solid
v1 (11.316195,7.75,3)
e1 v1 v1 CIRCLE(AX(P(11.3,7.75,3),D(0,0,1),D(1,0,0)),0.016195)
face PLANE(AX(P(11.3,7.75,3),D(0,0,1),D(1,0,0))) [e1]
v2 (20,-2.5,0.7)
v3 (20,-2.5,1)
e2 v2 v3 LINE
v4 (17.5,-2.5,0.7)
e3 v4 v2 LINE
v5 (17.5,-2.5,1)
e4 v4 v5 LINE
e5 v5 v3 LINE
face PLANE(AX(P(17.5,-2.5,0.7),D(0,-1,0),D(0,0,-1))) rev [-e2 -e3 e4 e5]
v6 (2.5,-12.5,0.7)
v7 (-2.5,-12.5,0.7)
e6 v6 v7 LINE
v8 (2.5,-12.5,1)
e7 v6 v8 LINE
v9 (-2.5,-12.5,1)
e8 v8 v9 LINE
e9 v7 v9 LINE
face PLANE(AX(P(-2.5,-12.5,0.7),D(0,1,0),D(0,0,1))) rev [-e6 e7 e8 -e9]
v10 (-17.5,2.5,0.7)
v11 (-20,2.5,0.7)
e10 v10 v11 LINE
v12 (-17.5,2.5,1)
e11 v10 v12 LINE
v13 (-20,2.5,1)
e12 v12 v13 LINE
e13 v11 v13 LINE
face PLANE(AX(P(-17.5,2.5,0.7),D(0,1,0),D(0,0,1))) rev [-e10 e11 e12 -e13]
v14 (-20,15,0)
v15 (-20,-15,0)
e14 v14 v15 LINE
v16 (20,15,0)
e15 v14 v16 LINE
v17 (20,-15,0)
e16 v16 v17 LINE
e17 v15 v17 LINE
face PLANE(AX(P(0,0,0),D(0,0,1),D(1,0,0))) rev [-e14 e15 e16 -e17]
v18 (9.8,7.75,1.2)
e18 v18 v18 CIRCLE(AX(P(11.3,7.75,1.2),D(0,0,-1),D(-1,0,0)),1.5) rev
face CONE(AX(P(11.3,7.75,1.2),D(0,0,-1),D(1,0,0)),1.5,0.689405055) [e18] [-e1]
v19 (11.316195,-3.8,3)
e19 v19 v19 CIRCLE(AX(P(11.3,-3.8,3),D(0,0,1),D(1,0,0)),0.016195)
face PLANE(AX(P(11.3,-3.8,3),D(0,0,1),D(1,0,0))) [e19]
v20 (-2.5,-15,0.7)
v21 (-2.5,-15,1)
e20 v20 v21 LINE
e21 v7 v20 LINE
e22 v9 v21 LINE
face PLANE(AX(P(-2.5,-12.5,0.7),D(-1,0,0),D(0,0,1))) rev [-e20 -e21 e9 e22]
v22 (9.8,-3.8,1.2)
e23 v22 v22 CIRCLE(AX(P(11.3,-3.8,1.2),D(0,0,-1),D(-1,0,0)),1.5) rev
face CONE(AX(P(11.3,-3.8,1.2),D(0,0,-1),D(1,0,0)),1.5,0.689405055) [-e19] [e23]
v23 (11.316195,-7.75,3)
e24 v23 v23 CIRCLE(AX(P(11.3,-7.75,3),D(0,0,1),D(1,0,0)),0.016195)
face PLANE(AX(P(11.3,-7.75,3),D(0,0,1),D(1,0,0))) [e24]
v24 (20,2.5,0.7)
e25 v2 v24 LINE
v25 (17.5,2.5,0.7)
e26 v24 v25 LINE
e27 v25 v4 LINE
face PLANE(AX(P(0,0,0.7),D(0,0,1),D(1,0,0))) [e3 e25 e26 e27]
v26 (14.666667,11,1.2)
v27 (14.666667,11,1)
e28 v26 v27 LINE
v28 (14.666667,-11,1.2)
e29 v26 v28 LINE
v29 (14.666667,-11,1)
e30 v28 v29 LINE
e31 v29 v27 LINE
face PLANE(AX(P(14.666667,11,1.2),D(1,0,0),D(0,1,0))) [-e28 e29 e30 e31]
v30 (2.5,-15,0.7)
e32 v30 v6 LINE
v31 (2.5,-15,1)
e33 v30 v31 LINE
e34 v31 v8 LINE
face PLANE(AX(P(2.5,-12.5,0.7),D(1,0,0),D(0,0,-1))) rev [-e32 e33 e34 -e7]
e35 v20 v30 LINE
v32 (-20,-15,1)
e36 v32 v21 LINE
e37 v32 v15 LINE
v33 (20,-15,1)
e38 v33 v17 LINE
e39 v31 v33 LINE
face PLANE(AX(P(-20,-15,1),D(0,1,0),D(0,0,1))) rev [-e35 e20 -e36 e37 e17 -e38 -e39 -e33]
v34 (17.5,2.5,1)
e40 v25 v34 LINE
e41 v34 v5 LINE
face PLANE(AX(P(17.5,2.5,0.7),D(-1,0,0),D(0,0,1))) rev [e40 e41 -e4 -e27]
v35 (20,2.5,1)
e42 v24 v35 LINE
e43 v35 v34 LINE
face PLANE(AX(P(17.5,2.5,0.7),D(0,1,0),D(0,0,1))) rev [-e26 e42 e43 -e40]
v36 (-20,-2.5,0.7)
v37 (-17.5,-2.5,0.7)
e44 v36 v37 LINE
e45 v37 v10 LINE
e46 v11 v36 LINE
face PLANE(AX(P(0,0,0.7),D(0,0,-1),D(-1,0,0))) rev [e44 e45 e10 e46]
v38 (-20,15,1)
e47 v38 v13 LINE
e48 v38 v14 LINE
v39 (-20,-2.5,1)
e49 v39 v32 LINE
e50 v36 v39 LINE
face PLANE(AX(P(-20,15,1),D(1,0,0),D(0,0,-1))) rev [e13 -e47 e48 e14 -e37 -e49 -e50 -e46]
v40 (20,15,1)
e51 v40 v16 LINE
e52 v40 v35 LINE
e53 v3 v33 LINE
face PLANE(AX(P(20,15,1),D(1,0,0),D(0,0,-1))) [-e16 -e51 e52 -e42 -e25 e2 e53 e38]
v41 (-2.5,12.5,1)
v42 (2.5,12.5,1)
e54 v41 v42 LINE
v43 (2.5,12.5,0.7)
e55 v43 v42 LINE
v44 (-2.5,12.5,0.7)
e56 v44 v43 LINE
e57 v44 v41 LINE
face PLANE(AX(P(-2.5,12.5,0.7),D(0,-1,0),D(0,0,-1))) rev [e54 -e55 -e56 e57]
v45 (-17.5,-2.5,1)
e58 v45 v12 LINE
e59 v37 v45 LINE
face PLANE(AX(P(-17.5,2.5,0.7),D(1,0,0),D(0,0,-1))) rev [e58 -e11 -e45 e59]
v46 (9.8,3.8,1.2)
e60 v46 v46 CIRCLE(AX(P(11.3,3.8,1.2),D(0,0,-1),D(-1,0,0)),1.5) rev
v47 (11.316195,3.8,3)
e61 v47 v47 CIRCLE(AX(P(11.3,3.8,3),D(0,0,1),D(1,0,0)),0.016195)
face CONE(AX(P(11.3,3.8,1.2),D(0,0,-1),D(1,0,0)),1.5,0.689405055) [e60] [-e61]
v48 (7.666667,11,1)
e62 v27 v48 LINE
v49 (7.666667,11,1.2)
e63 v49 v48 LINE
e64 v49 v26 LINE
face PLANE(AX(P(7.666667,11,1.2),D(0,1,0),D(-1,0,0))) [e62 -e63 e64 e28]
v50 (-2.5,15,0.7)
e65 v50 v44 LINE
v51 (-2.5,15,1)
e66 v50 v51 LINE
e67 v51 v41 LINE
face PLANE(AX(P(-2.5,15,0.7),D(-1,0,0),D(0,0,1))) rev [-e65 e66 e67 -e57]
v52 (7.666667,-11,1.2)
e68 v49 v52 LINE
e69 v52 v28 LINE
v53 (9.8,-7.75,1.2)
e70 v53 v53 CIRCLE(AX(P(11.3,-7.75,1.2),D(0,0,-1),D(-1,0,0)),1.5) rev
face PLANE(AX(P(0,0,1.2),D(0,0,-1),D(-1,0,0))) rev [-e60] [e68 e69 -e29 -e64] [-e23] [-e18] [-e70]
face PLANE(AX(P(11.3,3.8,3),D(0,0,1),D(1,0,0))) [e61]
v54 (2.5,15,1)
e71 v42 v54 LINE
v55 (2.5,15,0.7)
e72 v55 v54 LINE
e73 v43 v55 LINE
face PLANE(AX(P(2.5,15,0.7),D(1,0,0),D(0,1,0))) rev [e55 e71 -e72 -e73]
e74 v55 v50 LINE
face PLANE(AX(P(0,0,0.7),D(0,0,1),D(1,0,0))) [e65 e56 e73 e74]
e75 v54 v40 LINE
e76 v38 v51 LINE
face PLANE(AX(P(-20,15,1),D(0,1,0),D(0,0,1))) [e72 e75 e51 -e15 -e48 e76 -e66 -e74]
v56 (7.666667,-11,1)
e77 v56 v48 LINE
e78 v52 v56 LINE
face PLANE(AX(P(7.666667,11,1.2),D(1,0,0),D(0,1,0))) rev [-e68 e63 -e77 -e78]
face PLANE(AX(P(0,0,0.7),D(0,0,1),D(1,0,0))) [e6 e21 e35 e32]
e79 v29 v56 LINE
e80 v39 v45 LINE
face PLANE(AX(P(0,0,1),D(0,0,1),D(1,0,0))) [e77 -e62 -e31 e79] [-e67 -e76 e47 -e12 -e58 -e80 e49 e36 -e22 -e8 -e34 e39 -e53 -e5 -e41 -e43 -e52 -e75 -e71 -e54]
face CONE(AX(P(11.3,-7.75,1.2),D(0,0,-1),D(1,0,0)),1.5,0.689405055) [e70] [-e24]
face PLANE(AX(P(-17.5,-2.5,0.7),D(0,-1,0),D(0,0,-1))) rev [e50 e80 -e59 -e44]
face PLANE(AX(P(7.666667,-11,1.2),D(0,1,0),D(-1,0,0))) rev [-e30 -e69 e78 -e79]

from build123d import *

# Parameters (mm, degrees)
SKETCH1_W           = 40
SKETCH1_H           = 30
BOSS_EXTRUDE1_DEPTH = 1
SKETCH1_4_W         = 7
SKETCH1_4_H         = 22
BOSS_EXTRUDE2_DEPTH = 1.2
SKETCH2_W           = 5
SKETCH2_H           = 2.5
SKETCH2_W_2         = 2.5
SKETCH2_H_2         = 5
CUT_EXTRUDE15_DEPTH = 0.3
SKETCH3_R           = 1.5
BOSS_EXTRUDE3_DEPTH = 1.8
BOSS_EXTRUDE3_TAPER = 39.5


with BuildPart() as part:
    # Sketch1 → Boss-Extrude1 (new body)
    with BuildSketch(Plane.XY):
        Rectangle(SKETCH1_W, SKETCH1_H)
    extrude(amount=BOSS_EXTRUDE1_DEPTH)

    # Sketch1_4 → Boss-Extrude2 (add)
    with BuildSketch(Plane.XY):
        with Locations((11.166666667, 0)):
            Rectangle(SKETCH1_4_W, SKETCH1_4_H)
    extrude(amount=BOSS_EXTRUDE2_DEPTH)

    # Sketch2 → Cut-Extrude15 (cut)
    with BuildSketch(Plane.XY.offset(1)):
        with Locations((0, -13.75)):
            Rectangle(SKETCH2_W, SKETCH2_H)
        with Locations((-18.75, 0)):
            Rectangle(SKETCH2_W_2, SKETCH2_H_2)
        with Locations((18.75, 0)):
            Rectangle(SKETCH2_W_2, SKETCH2_H_2)
        with Locations((0, 13.75)):
            Rectangle(SKETCH2_W, SKETCH2_H)
    extrude(amount=-CUT_EXTRUDE15_DEPTH, mode=Mode.SUBTRACT)

    # Sketch3 → Boss-Extrude3 (add)
    with BuildSketch(Plane.XY.offset(1.2)):
        with Locations((11.3, -7.75)):
            Circle(SKETCH3_R)
        with Locations((11.3, -3.8)):
            Circle(SKETCH3_R)
        with Locations((11.3, 3.8)):
            Circle(SKETCH3_R)
        with Locations((11.3, 7.75)):
            Circle(SKETCH3_R)
    extrude(amount=BOSS_EXTRUDE3_DEPTH, taper=BOSS_EXTRUDE3_TAPER)


solid = part.part
